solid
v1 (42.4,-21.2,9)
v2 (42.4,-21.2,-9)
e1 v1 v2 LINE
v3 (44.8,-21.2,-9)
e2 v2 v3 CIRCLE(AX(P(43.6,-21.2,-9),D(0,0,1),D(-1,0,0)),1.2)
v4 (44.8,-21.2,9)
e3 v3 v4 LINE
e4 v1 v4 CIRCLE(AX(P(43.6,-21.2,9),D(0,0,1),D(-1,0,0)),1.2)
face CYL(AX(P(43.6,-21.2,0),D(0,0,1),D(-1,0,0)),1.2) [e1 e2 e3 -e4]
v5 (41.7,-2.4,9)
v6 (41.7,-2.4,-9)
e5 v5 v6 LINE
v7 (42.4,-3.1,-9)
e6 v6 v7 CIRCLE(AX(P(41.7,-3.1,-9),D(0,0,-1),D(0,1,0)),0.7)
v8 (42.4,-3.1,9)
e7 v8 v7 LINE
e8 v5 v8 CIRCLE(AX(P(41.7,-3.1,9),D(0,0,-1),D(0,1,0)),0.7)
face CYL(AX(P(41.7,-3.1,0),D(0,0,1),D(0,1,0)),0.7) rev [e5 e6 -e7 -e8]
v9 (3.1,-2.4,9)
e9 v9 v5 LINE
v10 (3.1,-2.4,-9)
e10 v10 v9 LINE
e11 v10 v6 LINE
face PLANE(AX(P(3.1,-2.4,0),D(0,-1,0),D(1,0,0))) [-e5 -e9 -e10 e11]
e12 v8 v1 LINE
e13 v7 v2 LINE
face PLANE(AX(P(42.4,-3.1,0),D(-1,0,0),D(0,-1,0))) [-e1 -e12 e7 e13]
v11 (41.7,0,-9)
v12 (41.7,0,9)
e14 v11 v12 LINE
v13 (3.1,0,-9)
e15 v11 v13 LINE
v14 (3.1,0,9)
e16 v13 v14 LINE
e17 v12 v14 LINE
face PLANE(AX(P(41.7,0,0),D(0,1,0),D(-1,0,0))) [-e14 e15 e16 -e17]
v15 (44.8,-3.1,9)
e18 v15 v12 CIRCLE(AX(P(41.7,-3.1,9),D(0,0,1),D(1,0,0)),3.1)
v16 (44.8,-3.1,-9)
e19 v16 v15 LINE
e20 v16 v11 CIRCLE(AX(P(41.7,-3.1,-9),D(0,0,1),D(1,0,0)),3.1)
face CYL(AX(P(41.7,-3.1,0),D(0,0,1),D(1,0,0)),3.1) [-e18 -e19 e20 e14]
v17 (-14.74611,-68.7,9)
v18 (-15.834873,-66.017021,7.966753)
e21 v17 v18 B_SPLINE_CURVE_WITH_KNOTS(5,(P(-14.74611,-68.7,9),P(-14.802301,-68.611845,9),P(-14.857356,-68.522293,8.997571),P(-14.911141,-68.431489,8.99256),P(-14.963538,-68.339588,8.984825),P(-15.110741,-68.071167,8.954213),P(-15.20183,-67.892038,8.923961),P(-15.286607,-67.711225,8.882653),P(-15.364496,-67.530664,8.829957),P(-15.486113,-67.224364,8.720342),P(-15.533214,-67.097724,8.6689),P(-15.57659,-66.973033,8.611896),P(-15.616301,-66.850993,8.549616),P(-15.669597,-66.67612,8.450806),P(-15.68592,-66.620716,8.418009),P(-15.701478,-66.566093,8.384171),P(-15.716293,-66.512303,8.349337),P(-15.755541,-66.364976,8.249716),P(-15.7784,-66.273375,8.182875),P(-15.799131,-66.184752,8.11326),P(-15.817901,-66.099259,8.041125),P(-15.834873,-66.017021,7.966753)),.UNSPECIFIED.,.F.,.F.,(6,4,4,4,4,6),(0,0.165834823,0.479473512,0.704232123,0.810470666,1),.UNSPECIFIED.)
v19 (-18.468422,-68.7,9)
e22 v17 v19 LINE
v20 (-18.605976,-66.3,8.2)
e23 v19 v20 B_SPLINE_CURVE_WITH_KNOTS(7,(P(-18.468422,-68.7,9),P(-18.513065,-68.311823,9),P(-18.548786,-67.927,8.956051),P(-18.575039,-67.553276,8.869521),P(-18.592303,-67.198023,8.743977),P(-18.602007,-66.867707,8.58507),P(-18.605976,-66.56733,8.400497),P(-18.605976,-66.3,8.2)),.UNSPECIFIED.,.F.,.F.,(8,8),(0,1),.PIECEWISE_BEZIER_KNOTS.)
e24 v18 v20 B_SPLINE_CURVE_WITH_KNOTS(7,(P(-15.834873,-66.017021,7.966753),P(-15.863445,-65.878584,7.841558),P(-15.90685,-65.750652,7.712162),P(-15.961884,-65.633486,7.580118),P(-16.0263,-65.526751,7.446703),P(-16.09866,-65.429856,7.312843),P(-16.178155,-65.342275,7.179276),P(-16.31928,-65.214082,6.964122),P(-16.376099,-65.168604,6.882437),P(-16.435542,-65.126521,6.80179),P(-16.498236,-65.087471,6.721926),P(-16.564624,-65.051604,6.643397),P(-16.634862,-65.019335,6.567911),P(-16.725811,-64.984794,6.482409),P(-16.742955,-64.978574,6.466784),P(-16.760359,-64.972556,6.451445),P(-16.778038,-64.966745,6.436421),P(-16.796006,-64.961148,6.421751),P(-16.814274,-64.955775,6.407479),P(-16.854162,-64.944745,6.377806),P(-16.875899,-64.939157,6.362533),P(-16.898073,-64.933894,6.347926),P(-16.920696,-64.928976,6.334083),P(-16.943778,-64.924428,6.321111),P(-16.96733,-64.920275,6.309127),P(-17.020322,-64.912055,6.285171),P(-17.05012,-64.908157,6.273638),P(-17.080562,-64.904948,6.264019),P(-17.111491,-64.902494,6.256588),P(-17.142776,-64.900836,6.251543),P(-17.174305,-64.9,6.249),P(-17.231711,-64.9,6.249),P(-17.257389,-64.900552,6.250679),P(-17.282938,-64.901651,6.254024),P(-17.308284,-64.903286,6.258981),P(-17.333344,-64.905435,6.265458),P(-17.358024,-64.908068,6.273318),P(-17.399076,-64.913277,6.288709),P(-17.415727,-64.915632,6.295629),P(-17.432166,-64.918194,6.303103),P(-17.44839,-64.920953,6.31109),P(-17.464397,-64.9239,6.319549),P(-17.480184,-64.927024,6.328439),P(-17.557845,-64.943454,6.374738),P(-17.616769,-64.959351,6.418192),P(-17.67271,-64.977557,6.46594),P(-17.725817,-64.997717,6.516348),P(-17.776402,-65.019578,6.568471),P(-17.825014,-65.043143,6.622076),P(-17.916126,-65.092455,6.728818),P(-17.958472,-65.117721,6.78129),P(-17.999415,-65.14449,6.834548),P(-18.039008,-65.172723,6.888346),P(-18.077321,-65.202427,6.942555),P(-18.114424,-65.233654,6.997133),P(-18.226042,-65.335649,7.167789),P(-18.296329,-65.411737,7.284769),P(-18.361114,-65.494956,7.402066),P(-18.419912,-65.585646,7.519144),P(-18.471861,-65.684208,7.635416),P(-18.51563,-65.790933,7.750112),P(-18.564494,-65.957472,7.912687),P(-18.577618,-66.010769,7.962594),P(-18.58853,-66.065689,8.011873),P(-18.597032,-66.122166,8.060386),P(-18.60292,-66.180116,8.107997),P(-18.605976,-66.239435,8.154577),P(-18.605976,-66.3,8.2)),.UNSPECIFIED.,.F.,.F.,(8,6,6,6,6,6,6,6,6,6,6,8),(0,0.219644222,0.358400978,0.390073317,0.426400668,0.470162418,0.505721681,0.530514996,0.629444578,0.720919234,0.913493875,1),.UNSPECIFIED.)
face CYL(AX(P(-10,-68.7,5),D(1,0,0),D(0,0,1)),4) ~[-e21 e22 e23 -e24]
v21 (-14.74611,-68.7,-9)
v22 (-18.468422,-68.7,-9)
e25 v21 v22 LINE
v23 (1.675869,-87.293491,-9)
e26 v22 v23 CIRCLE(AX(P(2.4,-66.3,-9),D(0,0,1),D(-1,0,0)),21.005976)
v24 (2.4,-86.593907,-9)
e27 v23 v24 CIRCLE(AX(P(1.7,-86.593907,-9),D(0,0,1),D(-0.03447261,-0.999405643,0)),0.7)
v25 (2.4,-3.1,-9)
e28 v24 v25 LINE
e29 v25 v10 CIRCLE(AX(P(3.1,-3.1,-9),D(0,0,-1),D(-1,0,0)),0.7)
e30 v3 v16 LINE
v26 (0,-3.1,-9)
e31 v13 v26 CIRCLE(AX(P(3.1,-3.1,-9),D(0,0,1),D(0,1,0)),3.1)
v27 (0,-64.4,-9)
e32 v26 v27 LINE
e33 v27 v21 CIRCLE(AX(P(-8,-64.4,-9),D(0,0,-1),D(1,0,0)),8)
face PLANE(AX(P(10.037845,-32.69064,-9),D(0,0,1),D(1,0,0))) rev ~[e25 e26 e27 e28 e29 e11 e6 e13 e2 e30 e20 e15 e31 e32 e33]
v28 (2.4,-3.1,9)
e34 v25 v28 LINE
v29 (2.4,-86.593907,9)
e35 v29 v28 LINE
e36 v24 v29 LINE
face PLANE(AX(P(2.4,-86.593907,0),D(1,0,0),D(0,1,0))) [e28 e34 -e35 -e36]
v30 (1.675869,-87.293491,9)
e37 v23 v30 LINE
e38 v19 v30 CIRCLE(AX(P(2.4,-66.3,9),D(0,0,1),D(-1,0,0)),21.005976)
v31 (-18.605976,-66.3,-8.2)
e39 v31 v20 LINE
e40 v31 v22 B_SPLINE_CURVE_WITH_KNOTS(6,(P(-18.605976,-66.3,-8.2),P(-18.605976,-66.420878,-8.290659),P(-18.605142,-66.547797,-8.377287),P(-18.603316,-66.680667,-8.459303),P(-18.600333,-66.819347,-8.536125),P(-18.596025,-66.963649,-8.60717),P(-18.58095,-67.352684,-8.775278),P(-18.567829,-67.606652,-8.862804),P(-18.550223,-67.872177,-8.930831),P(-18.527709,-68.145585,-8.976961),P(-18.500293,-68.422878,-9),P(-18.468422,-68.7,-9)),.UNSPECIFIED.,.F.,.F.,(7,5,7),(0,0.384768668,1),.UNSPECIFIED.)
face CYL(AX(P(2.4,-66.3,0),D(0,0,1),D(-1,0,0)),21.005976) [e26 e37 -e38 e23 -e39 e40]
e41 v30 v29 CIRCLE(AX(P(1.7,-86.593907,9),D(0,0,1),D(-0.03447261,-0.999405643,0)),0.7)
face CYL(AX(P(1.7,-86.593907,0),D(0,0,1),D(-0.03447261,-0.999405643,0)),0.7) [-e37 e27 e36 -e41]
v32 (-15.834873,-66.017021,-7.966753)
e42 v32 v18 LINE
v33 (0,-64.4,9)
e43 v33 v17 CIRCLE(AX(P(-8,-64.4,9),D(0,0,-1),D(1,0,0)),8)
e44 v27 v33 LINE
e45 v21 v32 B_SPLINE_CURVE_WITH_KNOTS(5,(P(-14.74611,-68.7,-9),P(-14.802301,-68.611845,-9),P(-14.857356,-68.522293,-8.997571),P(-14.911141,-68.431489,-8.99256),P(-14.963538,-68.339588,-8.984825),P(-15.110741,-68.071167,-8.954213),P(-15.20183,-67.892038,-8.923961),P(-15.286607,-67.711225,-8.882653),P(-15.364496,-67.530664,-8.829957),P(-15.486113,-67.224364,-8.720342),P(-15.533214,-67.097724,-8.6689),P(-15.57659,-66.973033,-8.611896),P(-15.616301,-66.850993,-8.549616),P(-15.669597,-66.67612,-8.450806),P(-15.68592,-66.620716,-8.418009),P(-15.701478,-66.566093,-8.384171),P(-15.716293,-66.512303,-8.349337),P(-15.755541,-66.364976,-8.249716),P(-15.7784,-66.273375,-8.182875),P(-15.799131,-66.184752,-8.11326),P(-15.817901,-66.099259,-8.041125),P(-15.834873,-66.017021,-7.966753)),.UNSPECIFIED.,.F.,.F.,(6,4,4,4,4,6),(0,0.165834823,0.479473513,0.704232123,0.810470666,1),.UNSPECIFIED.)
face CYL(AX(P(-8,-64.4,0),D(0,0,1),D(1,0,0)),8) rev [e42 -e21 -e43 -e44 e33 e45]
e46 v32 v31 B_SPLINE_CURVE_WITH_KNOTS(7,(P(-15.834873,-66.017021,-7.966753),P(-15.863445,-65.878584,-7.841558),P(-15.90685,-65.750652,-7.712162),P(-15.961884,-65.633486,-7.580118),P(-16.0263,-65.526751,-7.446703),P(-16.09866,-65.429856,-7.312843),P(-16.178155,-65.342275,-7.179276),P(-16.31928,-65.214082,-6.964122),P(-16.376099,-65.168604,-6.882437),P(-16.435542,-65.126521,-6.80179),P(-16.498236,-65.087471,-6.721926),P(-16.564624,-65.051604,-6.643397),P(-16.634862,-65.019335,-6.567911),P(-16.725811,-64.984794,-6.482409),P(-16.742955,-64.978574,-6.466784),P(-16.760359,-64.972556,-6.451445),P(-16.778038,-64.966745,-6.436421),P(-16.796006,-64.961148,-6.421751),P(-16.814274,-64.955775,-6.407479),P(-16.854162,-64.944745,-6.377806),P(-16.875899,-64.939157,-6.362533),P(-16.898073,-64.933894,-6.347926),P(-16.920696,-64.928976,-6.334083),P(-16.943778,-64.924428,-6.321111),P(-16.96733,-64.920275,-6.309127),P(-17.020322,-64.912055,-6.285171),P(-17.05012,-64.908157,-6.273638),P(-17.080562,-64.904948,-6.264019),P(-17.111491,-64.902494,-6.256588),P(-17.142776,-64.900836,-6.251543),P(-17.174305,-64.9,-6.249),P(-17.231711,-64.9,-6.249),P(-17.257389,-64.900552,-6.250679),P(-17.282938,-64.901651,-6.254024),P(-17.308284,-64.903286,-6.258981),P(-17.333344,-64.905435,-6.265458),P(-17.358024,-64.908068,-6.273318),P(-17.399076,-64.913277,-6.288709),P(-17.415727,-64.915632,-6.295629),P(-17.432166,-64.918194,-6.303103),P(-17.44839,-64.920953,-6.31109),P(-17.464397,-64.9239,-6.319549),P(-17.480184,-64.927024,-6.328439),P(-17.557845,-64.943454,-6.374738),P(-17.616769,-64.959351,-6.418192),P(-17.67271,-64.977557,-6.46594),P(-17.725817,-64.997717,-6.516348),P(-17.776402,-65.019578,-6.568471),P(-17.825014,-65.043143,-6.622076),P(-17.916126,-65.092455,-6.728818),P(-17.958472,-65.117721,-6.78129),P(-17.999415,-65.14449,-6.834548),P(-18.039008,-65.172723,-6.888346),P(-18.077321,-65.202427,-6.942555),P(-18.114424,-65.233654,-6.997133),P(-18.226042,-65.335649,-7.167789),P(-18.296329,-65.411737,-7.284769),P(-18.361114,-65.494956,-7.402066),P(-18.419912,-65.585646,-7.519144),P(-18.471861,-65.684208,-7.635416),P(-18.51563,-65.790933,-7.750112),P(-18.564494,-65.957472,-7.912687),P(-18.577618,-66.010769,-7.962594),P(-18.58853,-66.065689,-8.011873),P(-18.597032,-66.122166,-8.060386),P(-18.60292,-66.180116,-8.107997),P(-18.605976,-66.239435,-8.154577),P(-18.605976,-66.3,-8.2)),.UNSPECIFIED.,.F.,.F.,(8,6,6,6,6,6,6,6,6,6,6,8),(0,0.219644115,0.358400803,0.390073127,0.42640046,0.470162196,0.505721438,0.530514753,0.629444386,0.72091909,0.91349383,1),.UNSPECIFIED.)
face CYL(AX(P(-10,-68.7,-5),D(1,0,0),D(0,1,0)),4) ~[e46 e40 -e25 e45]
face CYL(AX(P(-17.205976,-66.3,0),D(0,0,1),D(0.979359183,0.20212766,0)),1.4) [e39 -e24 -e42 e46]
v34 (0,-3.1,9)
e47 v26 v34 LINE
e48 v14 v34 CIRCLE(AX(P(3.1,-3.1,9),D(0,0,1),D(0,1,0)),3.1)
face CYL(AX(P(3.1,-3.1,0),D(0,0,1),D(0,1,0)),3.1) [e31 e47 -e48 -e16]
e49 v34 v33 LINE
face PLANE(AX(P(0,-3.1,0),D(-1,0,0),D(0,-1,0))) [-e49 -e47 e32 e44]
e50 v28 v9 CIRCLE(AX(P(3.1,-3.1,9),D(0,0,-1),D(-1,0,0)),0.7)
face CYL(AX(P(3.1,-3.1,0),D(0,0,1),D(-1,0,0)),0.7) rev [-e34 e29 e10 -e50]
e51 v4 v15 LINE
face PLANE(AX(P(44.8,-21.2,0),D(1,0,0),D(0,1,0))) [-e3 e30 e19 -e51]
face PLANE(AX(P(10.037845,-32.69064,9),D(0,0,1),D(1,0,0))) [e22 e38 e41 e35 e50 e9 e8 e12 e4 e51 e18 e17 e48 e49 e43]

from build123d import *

# Parameters (mm, degrees)
F1_DEPTH = 9
F3_START = -10
F3_DEPTH = 20


with BuildPart() as f1:
    # F0 (on Top) → F1 (new body, symmetric)
    with BuildSketch(Plane.XY):
        with BuildLine():
            ThreePointArc((42.4, -21.2), (43.6, -22.4), (44.8, -21.2))
            Line((44.8, -21.2), (44.8, -3.1))
            ThreePointArc((44.8, -3.1), (43.8920310217, -0.9079689783), (41.7, 0))
            Line((41.7, 0), (3.1, 0))
            ThreePointArc((3.1, 0), (0.9079689783, -0.9079689783), (0, -3.1))
            Line((0, -3.1), (0, -64.4))
            ThreePointArc((0, -64.4), (-7.1872847082, -72.3586113019), (-15.8348734636, -66.0170212766))
            ThreePointArc((-15.8348734636, -66.0170212766), (-17.3482014958, -64.9072430222), (-18.6059763198, -66.3))
            ThreePointArc((-18.6059763198, -66.3), (-12.7073180305, -80.895204112), (1.6758691731, -87.2934912697))
            ThreePointArc((1.6758691731, -87.2934912697), (2.1863683898, -87.0973413167), (2.4, -86.5939073197))
            Line((2.4, -86.5939073197), (2.4, -3.1))
            ThreePointArc((2.4, -3.1), (2.6050252532, -2.6050252532), (3.1, -2.4))
            Line((3.1, -2.4), (41.7, -2.4))
            ThreePointArc((41.7, -2.4), (42.1949747468, -2.6050252532), (42.4, -3.1))
            Line((42.4, -3.1), (42.4, -21.2))
        make_face()
    extrude(amount=F1_DEPTH, both=True)

    # F2 (on Right) → F3 (cut)
    with BuildSketch(Plane.YZ.offset(F3_START)):
        with BuildLine():
            ThreePointArc((-64.7, -5), (-65.8715728753, -7.8284271247), (-68.7, -9))
            Line((-68.7, -9), (-68.7, -10))
            Line((-68.7, -10), (-63.7, -10))
            Line((-63.7, -10), (-63.7, 10))
            Line((-63.7, 10), (-68.7, 10))
            Line((-68.7, 10), (-68.7, 9))
            ThreePointArc((-68.7, 9), (-65.8715728753, 7.8284271247), (-64.7, 5))
            Line((-64.7, 5), (-64.7, -5))
        make_face()
    extrude(amount=-F3_DEPTH, mode=Mode.SUBTRACT)


solid = f1.part
